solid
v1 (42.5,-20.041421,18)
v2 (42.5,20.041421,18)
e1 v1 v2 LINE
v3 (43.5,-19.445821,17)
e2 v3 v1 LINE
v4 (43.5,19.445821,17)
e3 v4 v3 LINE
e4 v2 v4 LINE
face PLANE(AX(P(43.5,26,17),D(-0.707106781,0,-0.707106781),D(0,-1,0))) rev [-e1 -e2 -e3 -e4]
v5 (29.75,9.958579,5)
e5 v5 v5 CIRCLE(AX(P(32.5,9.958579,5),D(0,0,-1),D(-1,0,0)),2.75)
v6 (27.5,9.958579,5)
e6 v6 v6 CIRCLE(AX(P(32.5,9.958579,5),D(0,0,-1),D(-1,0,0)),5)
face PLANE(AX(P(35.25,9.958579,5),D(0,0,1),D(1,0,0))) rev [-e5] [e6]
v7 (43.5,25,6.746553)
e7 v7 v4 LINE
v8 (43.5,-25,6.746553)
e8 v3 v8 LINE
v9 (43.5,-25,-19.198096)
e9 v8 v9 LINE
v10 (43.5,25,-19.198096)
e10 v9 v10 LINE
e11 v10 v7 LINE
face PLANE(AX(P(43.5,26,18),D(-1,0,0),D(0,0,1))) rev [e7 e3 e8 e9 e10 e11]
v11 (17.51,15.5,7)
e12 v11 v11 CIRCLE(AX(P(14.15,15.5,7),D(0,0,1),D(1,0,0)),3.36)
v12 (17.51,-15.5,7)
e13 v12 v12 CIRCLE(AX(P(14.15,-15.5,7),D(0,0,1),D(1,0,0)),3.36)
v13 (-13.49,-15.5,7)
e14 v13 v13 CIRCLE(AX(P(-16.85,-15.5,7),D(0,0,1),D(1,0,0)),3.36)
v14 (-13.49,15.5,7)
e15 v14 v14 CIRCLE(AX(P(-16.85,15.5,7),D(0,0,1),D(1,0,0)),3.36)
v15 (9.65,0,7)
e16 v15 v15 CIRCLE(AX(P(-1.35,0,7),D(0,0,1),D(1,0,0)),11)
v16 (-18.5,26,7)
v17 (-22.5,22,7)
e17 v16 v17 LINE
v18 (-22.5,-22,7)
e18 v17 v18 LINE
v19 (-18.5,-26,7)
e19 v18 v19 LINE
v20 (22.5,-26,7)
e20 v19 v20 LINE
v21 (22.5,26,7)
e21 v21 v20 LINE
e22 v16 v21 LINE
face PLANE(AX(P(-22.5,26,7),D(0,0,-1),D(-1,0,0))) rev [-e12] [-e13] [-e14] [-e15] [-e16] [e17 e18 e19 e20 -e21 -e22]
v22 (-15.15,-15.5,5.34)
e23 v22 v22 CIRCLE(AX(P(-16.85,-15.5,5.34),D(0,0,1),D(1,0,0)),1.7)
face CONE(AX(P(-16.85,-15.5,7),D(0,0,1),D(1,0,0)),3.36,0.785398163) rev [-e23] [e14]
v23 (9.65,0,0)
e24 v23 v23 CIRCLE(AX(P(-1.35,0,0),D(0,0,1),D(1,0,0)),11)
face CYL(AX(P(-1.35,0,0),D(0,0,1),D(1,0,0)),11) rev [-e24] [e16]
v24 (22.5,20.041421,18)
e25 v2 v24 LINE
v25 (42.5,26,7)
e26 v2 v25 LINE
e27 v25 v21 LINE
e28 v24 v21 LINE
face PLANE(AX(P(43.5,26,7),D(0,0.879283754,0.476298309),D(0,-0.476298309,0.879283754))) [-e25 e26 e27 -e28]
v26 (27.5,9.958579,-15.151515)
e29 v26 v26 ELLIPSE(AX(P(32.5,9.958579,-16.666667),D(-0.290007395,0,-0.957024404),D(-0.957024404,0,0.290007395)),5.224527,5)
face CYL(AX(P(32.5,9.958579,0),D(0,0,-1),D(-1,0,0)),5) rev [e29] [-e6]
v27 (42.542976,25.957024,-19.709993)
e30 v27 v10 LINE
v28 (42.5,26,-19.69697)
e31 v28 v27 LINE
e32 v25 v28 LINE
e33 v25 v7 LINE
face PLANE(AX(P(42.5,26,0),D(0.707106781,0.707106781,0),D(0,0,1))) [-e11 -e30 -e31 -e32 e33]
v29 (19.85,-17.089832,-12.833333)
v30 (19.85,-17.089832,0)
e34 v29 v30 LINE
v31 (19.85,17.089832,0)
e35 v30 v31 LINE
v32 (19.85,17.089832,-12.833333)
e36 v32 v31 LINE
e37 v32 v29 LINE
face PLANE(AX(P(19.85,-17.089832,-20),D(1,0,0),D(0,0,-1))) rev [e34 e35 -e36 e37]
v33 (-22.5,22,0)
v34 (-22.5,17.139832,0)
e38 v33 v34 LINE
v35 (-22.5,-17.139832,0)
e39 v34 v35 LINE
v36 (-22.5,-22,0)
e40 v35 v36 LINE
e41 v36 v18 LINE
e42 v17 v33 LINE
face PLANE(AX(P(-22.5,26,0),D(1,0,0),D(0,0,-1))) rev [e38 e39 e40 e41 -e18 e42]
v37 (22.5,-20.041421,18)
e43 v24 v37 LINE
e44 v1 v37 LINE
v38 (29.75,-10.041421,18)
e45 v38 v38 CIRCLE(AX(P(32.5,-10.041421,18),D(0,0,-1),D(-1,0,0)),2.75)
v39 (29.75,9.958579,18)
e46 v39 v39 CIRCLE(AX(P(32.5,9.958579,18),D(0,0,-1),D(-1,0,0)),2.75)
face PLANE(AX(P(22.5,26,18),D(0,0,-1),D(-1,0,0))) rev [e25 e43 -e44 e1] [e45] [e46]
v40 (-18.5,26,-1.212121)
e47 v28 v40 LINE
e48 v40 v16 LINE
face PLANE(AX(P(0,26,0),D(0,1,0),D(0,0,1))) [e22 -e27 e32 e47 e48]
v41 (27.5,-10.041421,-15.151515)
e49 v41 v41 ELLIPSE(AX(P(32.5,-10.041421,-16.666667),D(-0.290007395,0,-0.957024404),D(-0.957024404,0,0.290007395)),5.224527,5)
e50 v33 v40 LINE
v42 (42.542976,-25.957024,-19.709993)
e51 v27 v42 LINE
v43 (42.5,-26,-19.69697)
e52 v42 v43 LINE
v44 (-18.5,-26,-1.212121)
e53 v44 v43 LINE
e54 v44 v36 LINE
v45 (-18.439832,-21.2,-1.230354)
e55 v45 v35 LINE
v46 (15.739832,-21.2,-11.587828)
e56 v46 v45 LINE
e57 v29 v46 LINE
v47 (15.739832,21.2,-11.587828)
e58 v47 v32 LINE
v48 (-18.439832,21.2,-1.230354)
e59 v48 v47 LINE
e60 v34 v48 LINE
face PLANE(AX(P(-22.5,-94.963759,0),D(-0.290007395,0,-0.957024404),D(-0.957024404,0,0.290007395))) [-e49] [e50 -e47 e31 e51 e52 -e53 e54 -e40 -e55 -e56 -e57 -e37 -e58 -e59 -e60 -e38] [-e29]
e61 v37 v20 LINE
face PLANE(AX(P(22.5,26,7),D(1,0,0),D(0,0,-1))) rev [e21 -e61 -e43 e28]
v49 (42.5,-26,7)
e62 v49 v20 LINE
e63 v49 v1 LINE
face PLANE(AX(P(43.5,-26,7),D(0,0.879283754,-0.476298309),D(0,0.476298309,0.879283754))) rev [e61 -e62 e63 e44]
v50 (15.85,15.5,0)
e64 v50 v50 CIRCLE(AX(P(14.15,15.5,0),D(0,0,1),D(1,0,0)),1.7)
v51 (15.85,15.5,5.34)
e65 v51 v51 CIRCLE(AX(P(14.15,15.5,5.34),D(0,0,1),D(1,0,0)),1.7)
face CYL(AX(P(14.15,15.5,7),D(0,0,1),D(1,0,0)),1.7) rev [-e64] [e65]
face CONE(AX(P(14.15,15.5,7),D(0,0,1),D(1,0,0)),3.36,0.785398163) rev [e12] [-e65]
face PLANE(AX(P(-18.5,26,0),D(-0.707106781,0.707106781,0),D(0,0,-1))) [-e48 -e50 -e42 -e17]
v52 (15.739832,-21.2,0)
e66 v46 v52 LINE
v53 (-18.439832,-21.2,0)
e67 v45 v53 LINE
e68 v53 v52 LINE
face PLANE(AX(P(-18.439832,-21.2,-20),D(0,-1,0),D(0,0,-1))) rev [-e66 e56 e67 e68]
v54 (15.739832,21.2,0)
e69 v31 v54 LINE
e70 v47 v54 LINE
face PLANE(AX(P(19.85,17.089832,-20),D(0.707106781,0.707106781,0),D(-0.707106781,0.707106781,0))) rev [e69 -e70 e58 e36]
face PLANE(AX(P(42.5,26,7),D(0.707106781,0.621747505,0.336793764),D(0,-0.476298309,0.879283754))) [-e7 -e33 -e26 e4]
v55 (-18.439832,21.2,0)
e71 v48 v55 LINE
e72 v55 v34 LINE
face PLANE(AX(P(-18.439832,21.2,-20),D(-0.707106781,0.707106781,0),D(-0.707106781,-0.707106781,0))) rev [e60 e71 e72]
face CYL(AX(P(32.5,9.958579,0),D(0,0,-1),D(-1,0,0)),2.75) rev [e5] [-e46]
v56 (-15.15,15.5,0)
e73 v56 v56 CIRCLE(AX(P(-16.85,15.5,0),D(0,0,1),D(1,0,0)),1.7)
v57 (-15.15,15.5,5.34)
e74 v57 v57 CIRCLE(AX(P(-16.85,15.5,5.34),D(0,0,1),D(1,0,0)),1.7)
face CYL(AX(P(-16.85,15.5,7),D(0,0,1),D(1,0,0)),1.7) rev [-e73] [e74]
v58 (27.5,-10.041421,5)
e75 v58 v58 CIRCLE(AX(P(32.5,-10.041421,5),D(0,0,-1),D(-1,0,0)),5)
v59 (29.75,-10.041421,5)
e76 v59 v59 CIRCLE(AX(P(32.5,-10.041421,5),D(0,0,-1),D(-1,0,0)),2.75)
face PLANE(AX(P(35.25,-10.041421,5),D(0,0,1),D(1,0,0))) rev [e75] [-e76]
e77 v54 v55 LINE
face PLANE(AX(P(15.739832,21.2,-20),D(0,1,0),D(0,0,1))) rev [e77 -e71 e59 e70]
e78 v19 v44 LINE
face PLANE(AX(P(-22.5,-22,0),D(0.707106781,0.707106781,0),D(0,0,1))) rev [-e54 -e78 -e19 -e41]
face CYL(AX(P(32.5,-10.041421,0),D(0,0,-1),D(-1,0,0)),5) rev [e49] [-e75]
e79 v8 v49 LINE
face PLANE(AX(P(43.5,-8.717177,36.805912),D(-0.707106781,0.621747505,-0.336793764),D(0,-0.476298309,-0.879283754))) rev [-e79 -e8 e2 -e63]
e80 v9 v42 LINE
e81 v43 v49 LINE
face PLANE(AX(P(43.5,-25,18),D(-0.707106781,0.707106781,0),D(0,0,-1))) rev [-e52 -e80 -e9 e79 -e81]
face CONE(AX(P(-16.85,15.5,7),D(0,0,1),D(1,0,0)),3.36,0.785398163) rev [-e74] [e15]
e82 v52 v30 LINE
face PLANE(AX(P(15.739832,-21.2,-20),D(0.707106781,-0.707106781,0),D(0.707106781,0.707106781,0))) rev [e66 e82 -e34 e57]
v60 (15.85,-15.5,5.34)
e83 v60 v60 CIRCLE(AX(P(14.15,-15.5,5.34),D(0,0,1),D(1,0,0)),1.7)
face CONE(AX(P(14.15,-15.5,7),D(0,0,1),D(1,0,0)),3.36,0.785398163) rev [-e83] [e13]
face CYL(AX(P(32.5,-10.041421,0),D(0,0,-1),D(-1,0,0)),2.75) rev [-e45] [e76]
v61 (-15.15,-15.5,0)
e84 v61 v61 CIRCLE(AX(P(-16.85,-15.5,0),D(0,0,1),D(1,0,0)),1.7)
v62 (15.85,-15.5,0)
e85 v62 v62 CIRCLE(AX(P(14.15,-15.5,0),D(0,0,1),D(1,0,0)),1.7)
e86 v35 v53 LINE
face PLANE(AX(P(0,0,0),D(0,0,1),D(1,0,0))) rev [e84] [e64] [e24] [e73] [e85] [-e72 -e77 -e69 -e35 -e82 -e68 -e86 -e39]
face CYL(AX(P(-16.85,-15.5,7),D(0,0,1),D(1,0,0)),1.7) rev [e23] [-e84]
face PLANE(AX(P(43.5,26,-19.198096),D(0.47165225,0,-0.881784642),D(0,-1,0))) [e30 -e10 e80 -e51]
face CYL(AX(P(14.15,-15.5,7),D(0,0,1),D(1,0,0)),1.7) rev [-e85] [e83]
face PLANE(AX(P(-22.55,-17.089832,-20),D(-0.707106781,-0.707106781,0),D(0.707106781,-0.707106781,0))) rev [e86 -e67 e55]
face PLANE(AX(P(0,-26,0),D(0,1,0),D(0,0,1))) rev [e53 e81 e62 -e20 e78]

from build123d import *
from OCP.BRepFilletAPI import BRepFilletAPI_MakeChamfer

# Parameters (mm, degrees)
BOSS_EXTRUDE2_DEPTH           = 26
SKETCH5_R                     = 11
CUT_EXTRUDE1_DEPTH            = 52.857979135
CSK_FOR_M3_SFHCS1_D           = 3.4
CSK_FOR_M3_SFHCS1_CSINK_D     = 6.72
CSK_FOR_M3_SFHCS1_CSINK_ANGLE = 90
BOSS_EXTRUDE4_DEPTH           = 52
CUT_EXTRUDE2_DEPTH            = 55.481648286
CBORE_FOR_M5_SHCS1_AT_2_COUNT = 2
CBORE_FOR_M5_SHCS1_AT_2_PITCH = 20
SKETCH13_R                    = 5
CUT_EXTRUDE3_DEPTH            = 55.481648286
CUT_EXTRUDE4_DEPTH            = 56.686623169
CHAMFER1_SIZE                 = 1
CHAMFER1_SIZE2                = 0.80190417
CHAMFER2_SIZE                 = 4


with BuildPart() as part:
    # Sketch3 → Boss-Extrude2 (new, symmetric)
    with BuildSketch(Plane(origin=(0, 0, 0), x_dir=(1, 0, 0), z_dir=(0, 1, 0))):
        Polygon((-22.5, -7), (22.5, -7), (22.5, -18), (43.5, -18), (43.5, 0), (-22.5, 0), align=None)
    extrude(amount=BOSS_EXTRUDE2_DEPTH, both=True)

    # Sketch5 → Cut-Extrude1 (cut, through all)
    with BuildSketch(Plane.XY.offset(7)):
        with Locations((-1.35, 0)):
            Circle(SKETCH5_R)
    extrude(amount=-CUT_EXTRUDE1_DEPTH, mode=Mode.SUBTRACT)

    # CSK for M3 SFHCS1 (through all)
    with Locations(Plane.XY.offset(7)):
        with Locations((-16.85, -15.5), (-16.85, 15.5), (14.15, 15.5), (14.15, -15.5)):
            CounterSinkHole(CSK_FOR_M3_SFHCS1_D / 2, CSK_FOR_M3_SFHCS1_CSINK_D / 2, counter_sink_angle=CSK_FOR_M3_SFHCS1_CSINK_ANGLE)

    # Sketch9 → Boss-Extrude4 (add)
    with BuildSketch(Plane(origin=(0, 26, 0), x_dir=(1, 0, 0), z_dir=(0, 1, 0))):
        Polygon((-22.5, 0), (43.5, 20), (43.5, 0), align=None)
    extrude(amount=-BOSS_EXTRUDE4_DEPTH)

    # Sketch10 → Cut-Extrude2 (cut, through all)
    with BuildSketch(Plane.XY):
        Polygon((19.85, -17.089832201), (19.85, 17.089832201), (15.739832201, 21.2), (-18.439832201, 21.2), (-22.55, 17.089832201), (-22.55, -17.089832201), (-18.439832201, -21.2), (15.739832201, -21.2), align=None)
    extrude(amount=-CUT_EXTRUDE2_DEPTH, mode=Mode.SUBTRACT)

    # Sketch12 → CBORE for M5 SHCS1 (revolve, cut)
    with BuildSketch(Plane(origin=(32.5, 9.958578644, 0), x_dir=(0, 1, 0), z_dir=(1, 0, 0))):
        Polygon((0, 0), (0, 18), (2.75, 18), (2.75, 5), (5, 5), (5, 0), align=None)
    cbore_for_m5_shcs1 = revolve(axis=Axis((32.5, 9.958578644, -6.35), (0, 0, 1)), mode=Mode.SUBTRACT)

    # CBORE for M5 SHCS1 at 2: CBORE for M5 SHCS1 ×2
    with Locations(*[(0, -i * CBORE_FOR_M5_SHCS1_AT_2_PITCH, 0) for i in range(1, CBORE_FOR_M5_SHCS1_AT_2_COUNT)]):
        add(cbore_for_m5_shcs1, mode=Mode.SUBTRACT)

    # Sketch13 → Cut-Extrude3 (cut, through all)
    with BuildSketch(Plane.XY):
        with Locations(Location((32.5, -10.041421356, 0), (0, 0, 180))):
            Circle(SKETCH13_R)
        with Locations(Location((32.5, 9.958578644, 0), (0, 0, 180))):
            Circle(SKETCH13_R)
    extrude(amount=-CUT_EXTRUDE3_DEPTH, mode=Mode.SUBTRACT)

    # Sketch14 → Cut-Extrude4 (cut, through all)
    with BuildSketch(Plane.ZY.offset(-22.5)):
        Polygon((7, -26), (18, -20.041421356), (18, -26), align=None)
    cut_extrude4 = extrude(amount=-CUT_EXTRUDE4_DEPTH, mode=Mode.SUBTRACT)

    # Mirror2: Cut-Extrude4 across plane
    add(cut_extrude4.mirror(Plane.ZX), mode=Mode.SUBTRACT)

    # Chamfer1: one chamfer whose edges measure the first distance from different faces: ONE call of the kernel's chamfer builder (chamfer() names one face for all edges)
    chamfer1_edges_1 = [part.edges().sort_by_distance(p)[0] for p in [
        (43.5, -26, -6.5),
        (43.5, -23.020710678, 12.5),
        (43.5, 26, -6.5),
        (43.5, 0, 18),
        (43.5, 23.020710678, 12.5),
    ]]
    chamfer1_edges_2 = [part.edges().sort_by_distance(p)[0] for p in [
        (43.5, 0, -20),
    ]]
    chamfer1_side_2 = [part.faces().sort_by_distance(p)[0] for p in [
        (21.99684701, 0.004301334, -13.483893033),
    ]]
    chamfer1 = BRepFilletAPI_MakeChamfer(part.part.solid().wrapped)
    for e in chamfer1_edges_1:
        chamfer1.Add(CHAMFER1_SIZE, e.wrapped)
    for e in chamfer1_edges_2:
        chamfer1.Add(CHAMFER1_SIZE, CHAMFER1_SIZE2, e.wrapped, chamfer1_side_2[0].wrapped)  # the first distance lies on this face
    add(Compound.cast(chamfer1.Shape()), mode=Mode.REPLACE)

    # Chamfer2
    chamfer2_edges = [part.edges().sort_by_distance(p)[0] for p in [
        (-22.5, 26, 3.5),
        (-22.5, -26, 3.5),
    ]]
    chamfer(chamfer2_edges, length=CHAMFER2_SIZE)


solid = part.part
